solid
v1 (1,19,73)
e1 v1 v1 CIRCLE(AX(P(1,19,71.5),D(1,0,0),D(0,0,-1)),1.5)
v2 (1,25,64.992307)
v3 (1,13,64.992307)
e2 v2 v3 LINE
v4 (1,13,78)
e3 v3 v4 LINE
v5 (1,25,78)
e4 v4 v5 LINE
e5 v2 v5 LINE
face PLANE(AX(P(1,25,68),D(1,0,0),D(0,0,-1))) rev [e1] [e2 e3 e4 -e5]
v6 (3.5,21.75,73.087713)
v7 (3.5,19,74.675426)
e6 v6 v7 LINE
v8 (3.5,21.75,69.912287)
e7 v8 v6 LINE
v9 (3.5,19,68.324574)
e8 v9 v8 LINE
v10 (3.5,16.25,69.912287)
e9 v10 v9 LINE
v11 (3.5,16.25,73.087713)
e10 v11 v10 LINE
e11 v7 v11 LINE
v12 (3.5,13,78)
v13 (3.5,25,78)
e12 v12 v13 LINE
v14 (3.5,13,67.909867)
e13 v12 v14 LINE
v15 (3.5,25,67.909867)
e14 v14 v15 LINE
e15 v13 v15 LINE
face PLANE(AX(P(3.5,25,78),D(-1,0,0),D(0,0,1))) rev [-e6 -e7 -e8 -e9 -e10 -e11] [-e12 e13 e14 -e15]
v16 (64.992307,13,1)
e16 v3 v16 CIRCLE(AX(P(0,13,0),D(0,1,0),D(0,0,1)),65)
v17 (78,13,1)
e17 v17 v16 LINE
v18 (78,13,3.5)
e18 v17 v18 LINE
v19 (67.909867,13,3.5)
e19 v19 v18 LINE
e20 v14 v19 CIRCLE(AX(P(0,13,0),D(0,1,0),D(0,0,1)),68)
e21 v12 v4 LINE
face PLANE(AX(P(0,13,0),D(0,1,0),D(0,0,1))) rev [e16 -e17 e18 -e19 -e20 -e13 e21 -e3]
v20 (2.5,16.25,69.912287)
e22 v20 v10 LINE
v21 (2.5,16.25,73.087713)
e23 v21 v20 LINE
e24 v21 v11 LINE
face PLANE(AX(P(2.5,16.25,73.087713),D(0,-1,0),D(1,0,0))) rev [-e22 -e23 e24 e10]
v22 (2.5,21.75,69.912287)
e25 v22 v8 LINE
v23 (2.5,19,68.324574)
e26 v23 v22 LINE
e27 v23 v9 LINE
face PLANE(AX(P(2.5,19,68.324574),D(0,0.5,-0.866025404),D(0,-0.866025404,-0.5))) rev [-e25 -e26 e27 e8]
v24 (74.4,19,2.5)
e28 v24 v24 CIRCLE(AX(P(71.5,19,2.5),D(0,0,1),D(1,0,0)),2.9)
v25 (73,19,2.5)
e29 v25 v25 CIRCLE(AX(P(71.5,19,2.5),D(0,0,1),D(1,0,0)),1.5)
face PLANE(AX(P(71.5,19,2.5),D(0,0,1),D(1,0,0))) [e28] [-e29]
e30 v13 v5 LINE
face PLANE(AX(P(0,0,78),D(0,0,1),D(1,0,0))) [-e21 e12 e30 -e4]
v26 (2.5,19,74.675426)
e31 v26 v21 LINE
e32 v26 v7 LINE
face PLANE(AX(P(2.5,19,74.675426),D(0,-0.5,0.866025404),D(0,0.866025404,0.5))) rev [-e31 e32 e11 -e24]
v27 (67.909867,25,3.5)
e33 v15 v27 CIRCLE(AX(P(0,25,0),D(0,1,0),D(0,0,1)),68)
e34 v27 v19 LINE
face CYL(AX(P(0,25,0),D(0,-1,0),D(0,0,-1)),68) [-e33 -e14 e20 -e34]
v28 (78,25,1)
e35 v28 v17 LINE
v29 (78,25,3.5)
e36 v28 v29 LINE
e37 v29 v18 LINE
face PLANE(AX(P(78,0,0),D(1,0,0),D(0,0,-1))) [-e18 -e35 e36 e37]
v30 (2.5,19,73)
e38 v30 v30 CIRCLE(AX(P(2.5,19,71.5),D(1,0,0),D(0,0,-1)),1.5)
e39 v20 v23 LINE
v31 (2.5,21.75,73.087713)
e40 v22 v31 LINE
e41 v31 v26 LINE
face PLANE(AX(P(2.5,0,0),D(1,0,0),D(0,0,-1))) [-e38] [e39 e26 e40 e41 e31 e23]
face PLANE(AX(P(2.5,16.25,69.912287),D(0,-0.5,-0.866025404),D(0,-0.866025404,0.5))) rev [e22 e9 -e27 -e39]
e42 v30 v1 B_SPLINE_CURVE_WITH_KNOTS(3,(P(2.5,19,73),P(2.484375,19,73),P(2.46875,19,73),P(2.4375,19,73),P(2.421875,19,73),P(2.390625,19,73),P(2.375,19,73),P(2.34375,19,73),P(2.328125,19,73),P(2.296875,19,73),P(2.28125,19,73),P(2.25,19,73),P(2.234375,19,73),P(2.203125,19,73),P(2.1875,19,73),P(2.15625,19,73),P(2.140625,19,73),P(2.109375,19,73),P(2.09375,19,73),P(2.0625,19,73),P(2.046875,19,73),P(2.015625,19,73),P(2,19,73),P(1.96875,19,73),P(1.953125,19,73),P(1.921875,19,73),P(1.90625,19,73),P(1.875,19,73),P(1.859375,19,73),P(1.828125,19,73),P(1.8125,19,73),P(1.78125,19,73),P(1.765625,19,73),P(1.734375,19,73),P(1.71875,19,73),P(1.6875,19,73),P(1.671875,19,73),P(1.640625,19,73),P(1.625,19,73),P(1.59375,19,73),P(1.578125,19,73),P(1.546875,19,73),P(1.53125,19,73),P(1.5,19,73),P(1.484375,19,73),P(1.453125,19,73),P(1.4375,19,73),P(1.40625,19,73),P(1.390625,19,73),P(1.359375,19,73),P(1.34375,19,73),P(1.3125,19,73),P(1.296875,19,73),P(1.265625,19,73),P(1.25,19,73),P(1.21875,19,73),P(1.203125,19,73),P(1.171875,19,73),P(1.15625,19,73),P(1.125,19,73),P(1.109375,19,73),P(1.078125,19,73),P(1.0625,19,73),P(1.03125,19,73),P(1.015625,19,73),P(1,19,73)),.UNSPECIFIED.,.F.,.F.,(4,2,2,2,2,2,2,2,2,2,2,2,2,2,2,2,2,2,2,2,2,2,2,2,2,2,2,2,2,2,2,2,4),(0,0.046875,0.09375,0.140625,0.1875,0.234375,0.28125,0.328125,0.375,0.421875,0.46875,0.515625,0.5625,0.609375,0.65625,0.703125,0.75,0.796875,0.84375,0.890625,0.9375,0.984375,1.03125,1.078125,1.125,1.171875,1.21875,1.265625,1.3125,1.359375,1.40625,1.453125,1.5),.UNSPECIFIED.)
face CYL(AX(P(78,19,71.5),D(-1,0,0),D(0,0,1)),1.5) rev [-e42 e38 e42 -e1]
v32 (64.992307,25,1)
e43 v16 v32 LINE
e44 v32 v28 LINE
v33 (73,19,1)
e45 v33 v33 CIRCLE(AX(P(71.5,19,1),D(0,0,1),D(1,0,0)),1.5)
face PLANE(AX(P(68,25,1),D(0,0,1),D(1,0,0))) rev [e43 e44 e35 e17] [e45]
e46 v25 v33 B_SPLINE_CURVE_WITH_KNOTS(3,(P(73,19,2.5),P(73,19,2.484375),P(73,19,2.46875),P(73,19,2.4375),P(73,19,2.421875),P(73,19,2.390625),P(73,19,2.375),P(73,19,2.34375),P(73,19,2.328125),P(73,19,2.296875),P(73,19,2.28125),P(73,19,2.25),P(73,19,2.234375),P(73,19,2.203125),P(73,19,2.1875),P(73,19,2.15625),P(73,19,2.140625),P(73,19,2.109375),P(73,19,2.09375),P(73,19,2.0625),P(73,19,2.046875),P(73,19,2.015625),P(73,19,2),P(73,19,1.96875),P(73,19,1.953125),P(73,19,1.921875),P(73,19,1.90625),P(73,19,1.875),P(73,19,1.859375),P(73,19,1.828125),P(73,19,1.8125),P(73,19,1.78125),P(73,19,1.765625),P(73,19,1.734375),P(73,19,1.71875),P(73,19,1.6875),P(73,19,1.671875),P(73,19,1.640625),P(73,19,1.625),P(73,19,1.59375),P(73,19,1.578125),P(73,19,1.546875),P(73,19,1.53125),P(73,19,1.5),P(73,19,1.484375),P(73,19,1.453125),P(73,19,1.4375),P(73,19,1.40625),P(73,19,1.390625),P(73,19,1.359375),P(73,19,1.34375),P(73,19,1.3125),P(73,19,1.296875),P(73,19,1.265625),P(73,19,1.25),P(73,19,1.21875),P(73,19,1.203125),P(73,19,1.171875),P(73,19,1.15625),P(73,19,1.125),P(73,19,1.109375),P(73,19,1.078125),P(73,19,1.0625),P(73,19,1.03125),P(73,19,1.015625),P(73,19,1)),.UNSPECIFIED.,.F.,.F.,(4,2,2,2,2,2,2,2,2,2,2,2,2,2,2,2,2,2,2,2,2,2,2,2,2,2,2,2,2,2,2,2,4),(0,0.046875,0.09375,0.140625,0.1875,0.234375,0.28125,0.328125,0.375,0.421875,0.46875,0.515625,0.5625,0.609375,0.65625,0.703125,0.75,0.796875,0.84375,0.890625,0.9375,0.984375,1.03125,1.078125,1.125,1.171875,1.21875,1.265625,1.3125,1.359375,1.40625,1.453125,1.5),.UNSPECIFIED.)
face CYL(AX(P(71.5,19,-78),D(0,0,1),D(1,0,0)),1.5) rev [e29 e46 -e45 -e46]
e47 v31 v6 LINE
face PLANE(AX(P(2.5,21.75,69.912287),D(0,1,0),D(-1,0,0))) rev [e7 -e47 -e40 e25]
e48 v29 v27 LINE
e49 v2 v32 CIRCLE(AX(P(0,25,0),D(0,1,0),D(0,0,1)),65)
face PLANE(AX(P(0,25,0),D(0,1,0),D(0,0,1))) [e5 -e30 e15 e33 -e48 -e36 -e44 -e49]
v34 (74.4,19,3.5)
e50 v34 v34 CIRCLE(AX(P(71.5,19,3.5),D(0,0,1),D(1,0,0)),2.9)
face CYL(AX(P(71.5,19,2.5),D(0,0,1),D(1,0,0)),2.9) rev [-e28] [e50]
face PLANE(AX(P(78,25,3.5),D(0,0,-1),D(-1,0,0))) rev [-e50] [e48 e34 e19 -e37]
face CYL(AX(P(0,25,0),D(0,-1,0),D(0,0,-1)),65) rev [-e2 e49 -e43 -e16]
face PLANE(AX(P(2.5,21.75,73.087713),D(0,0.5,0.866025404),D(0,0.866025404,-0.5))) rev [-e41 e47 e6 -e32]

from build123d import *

# Parameters (mm, degrees)
SKETCH1_R                   = 68
SKETCH1_R_2                 = 65
BOSS_EXTRUDE1_DEPTH         = 25
BOSS_EXTRUDE2_START         = -0.090133
SKETCH2_W                   = 7
SKETCH2_H                   = 50
BOSS_EXTRUDE2_DEPTH         = 10.090133
SKETCH3_W                   = 2
SKETCH3_H                   = 50
CUT_EXTRUDE1_DEPTH          = 10
CIRPATTERN2_COUNT           = 4
SKETCH7_R                   = 2.9
CUT_EXTRUDE4_DEPTH          = 1
CUT_EXTRUDE5_DEPTH          = 1
SKETCH9_R                   = 1.5
CUT_EXTRUDE6_DEPTH          = 115.844460032
CIRPATTERN3_COUNT           = 4
CIRPATTERN3_COPY_1_SKETCH_R = 2.9
CIRPATTERN3_COPY_1_DEPTH    = 1
CIRPATTERN3_COPY_2_SKETCH_R = 2.9
CIRPATTERN3_COPY_2_DEPTH    = 1
CIRPATTERN3_COPY_3_SKETCH_R = 2.9
CIRPATTERN3_COPY_3_DEPTH    = 1
CIRPATTERN3_COPY_4_DEPTH    = 1
CIRPATTERN3_COPY_5_DEPTH    = 1
CIRPATTERN3_COPY_6_DEPTH    = 1
CIRPATTERN3_COPY_7_SKETCH_R = 1.5
CIRPATTERN3_COPY_7_DEPTH    = 115.844460032
CIRPATTERN3_COPY_8_SKETCH_R = 1.5
CIRPATTERN3_COPY_8_DEPTH    = 115.844460032
CIRPATTERN3_COPY_9_SKETCH_R = 1.5
CIRPATTERN3_COPY_9_DEPTH    = 115.844460032
SKETCH10_W                  = 172.322225858
SKETCH10_H                  = 181.395343574
CUT_EXTRUDE7_DEPTH          = 13
CUT_EXTRUDE7_DEPTH_BACK     = 114.106144837
SKETCH4_W                   = 204.796424039
SKETCH4_H                   = 80.613482063
CUT_EXTRUDE2_DEPTH          = 114.106144837
SKETCH5_W                   = 133.005640426
SKETCH5_H                   = 101.362408315
CUT_EXTRUDE3_DEPTH          = 114.106144837
SKETCH11_W                  = 1
SKETCH11_H                  = 12
CUT_EXTRUDE8_DEPTH          = 107.456563912
CUT_EXTRUDE8_DEPTH_BACK     = 107.456563912
SKETCH12_W                  = 1
SKETCH12_H                  = 12
CUT_EXTRUDE9_DEPTH          = 10


with BuildPart() as part:
    # Sketch1 → Boss-Extrude1 (new, symmetric)
    with BuildSketch(Plane(origin=(0, 0, 0), x_dir=(1, 0, 0), z_dir=(0, 1, 0))):
        with Locations(Location((0, 0, 0), (0, 0, 270))):
            Circle(SKETCH1_R)
        with Locations(Location((0, 0, 0), (0, 0, 270))):
            Circle(SKETCH1_R_2, mode=Mode.SUBTRACT)
    extrude(amount=BOSS_EXTRUDE1_DEPTH, both=True)

    # Sketch2 → Boss-Extrude2 (add)
    with BuildSketch(Plane(origin=(68, 0, 0), x_dir=(0, 0, -1), z_dir=(1, 0, 0)).offset(BOSS_EXTRUDE2_START)):
        Rectangle(SKETCH2_W, SKETCH2_H)
    boss_extrude2 = extrude(amount=BOSS_EXTRUDE2_DEPTH)

    # Sketch3 → Cut-Extrude1 (cut)
    with BuildSketch(Plane(origin=(78, 0, 0), x_dir=(0, 0, -1), z_dir=(1, 0, 0))):
        Rectangle(SKETCH3_W, SKETCH3_H)
    cut_extrude1 = extrude(amount=-CUT_EXTRUDE1_DEPTH, mode=Mode.SUBTRACT)

    # CirPattern2: Boss-Extrude2, Cut-Extrude1 ×4 about axis
    cirpattern2_axis = Axis((0, 0, 0), (0, 1, 0))
    add([boss_extrude2.rotate(cirpattern2_axis, i * 360 / CIRPATTERN2_COUNT) for i in range(1, CIRPATTERN2_COUNT)])
    add([cut_extrude1.rotate(cirpattern2_axis, i * 360 / CIRPATTERN2_COUNT) for i in range(1, CIRPATTERN2_COUNT)], mode=Mode.SUBTRACT)

    # Sketch7 → Cut-Extrude4 (cut)
    with BuildSketch(Plane.XY.offset(3.5)):
        with Locations((71.5, 19)):
            Circle(SKETCH7_R)
    cut_extrude4 = extrude(amount=-CUT_EXTRUDE4_DEPTH, mode=Mode.SUBTRACT)

    # Sketch8 → Cut-Extrude5 (cut)
    with BuildSketch(Plane(origin=(0, 0, -3.5), x_dir=(-1, 0, 0), z_dir=(0, 0, -1))):
        Polygon((-69.91228676, 16.25), (-68.324573519, 19), (-69.91228676, 21.75), (-73.08771324, 21.75), (-74.675426481, 19), (-73.08771324, 16.25), align=None)
    cut_extrude5 = extrude(amount=-CUT_EXTRUDE5_DEPTH, mode=Mode.SUBTRACT)

    # Sketch9 → Cut-Extrude6 (cut, through all)
    with BuildSketch(Plane.XY.offset(2.5)):
        with Locations((71.5, 19)):
            Circle(SKETCH9_R)
    cut_extrude6 = extrude(amount=-CUT_EXTRUDE6_DEPTH, mode=Mode.SUBTRACT)

    # Mirror1: Cut-Extrude4, Cut-Extrude5, Cut-Extrude6 across plane
    add(cut_extrude4.mirror(Plane.ZX), mode=Mode.SUBTRACT)
    add(cut_extrude5.mirror(Plane.ZX), mode=Mode.SUBTRACT)
    add(cut_extrude6.mirror(Plane.ZX), mode=Mode.SUBTRACT)

    # CirPattern3: Cut-Extrude4, Cut-Extrude5, Cut-Extrude6 ×4 about axis
    cirpattern3_axis = Axis((0, 0, 0), (0, 1, 0))
    add([cut_extrude4.rotate(cirpattern3_axis, i * 360 / CIRPATTERN3_COUNT) for i in range(1, CIRPATTERN3_COUNT)], mode=Mode.SUBTRACT)
    add([cut_extrude5.rotate(cirpattern3_axis, i * 360 / CIRPATTERN3_COUNT) for i in range(1, CIRPATTERN3_COUNT)], mode=Mode.SUBTRACT)
    add([cut_extrude6.rotate(cirpattern3_axis, i * 360 / CIRPATTERN3_COUNT) for i in range(1, CIRPATTERN3_COUNT)], mode=Mode.SUBTRACT)

    # CirPattern3 copy 1 sketch → CirPattern3 copy 1 (cut)
    with BuildSketch(Plane(origin=(3.5, 0, 0), x_dir=(0, 0, -1), z_dir=(1, 0, 0))):
        with Locations((71.5, -19)):
            Circle(CIRPATTERN3_COPY_1_SKETCH_R)
    extrude(amount=-CIRPATTERN3_COPY_1_DEPTH, mode=Mode.SUBTRACT)

    # CirPattern3 copy 2 sketch → CirPattern3 copy 2 (cut)
    with BuildSketch(Plane(origin=(0, 0, -3.5), x_dir=(-1, 0, 0), z_dir=(0, 0, -1))):
        with Locations((71.5, -19)):
            Circle(CIRPATTERN3_COPY_2_SKETCH_R)
    extrude(amount=-CIRPATTERN3_COPY_2_DEPTH, mode=Mode.SUBTRACT)

    # CirPattern3 copy 3 sketch → CirPattern3 copy 3 (cut)
    with BuildSketch(Plane.ZY.offset(3.5)):
        with Locations((71.5, -19)):
            Circle(CIRPATTERN3_COPY_3_SKETCH_R)
    extrude(amount=-CIRPATTERN3_COPY_3_DEPTH, mode=Mode.SUBTRACT)

    # CirPattern3 copy 4 sketch → CirPattern3 copy 4 (cut)
    with BuildSketch(Plane.ZY.offset(3.5)):
        Polygon((-69.91228676, -16.25), (-68.324573519, -19), (-69.91228676, -21.75), (-73.08771324, -21.75), (-74.675426481, -19), (-73.08771324, -16.25), align=None)
    extrude(amount=-CIRPATTERN3_COPY_4_DEPTH, mode=Mode.SUBTRACT)

    # CirPattern3 copy 5 sketch → CirPattern3 copy 5 (cut)
    with BuildSketch(Plane.XY.offset(3.5)):
        Polygon((-69.91228676, -16.25), (-68.324573519, -19), (-69.91228676, -21.75), (-73.08771324, -21.75), (-74.675426481, -19), (-73.08771324, -16.25), align=None)
    extrude(amount=-CIRPATTERN3_COPY_5_DEPTH, mode=Mode.SUBTRACT)

    # CirPattern3 copy 6 sketch → CirPattern3 copy 6 (cut)
    with BuildSketch(Plane(origin=(3.5, 0, 0), x_dir=(0, 0, -1), z_dir=(1, 0, 0))):
        Polygon((-69.91228676, -16.25), (-68.324573519, -19), (-69.91228676, -21.75), (-73.08771324, -21.75), (-74.675426481, -19), (-73.08771324, -16.25), align=None)
    extrude(amount=-CIRPATTERN3_COPY_6_DEPTH, mode=Mode.SUBTRACT)

    # CirPattern3 copy 7 sketch → CirPattern3 copy 7 (cut, through all)
    with BuildSketch(Plane(origin=(2.5, 0, 0), x_dir=(0, 0, -1), z_dir=(1, 0, 0))):
        with Locations((71.5, -19)):
            Circle(CIRPATTERN3_COPY_7_SKETCH_R)
    extrude(amount=-CIRPATTERN3_COPY_7_DEPTH, mode=Mode.SUBTRACT)

    # CirPattern3 copy 8 sketch → CirPattern3 copy 8 (cut, through all)
    with BuildSketch(Plane(origin=(0, 0, -2.5), x_dir=(-1, 0, 0), z_dir=(0, 0, -1))):
        with Locations((71.5, -19)):
            Circle(CIRPATTERN3_COPY_8_SKETCH_R)
    extrude(amount=-CIRPATTERN3_COPY_8_DEPTH, mode=Mode.SUBTRACT)

    # CirPattern3 copy 9 sketch → CirPattern3 copy 9 (cut, through all)
    with BuildSketch(Plane.ZY.offset(2.5)):
        with Locations((71.5, -19)):
            Circle(CIRPATTERN3_COPY_9_SKETCH_R)
    extrude(amount=-CIRPATTERN3_COPY_9_DEPTH, mode=Mode.SUBTRACT)

    # Sketch10 → Cut-Extrude7 (cut, two sides)
    with BuildSketch(Plane(origin=(0, 0, 0), x_dir=(1, 0, 0), z_dir=(0, 1, 0))) as cut_extrude7_sk:
        with Locations((0.161152427, 1.352018999)):
            Rectangle(SKETCH10_W, SKETCH10_H)
    extrude(amount=CUT_EXTRUDE7_DEPTH, mode=Mode.SUBTRACT)
    extrude(cut_extrude7_sk.sketch, amount=-CUT_EXTRUDE7_DEPTH_BACK, mode=Mode.SUBTRACT)

    # Sketch4 → Cut-Extrude2 (cut, through all)
    with BuildSketch(Plane.XY):
        with Locations((-0.265516435, -0.614198292)):
            Rectangle(SKETCH4_W, SKETCH4_H)
    extrude(amount=-CUT_EXTRUDE2_DEPTH, mode=Mode.SUBTRACT)

    # Sketch5 → Cut-Extrude3 (cut, through all)
    with BuildSketch(Plane(origin=(0, 0, 0), x_dir=(0, 0, -1), z_dir=(1, 0, 0))):
        with Locations((-14.085466414, 0.839605882)):
            Rectangle(SKETCH5_W, SKETCH5_H)
    extrude(amount=-CUT_EXTRUDE3_DEPTH, mode=Mode.SUBTRACT)

    # Sketch11 → Cut-Extrude8 (cut, two sides)
    with BuildSketch(Plane(origin=(68, 0, 0), x_dir=(0, 0, -1), z_dir=(1, 0, 0))) as cut_extrude8_sk:
        with Locations((-0.5, 19)):
            Rectangle(SKETCH11_W, SKETCH11_H)
    extrude(amount=CUT_EXTRUDE8_DEPTH, mode=Mode.SUBTRACT)
    extrude(cut_extrude8_sk.sketch, amount=-CUT_EXTRUDE8_DEPTH_BACK, mode=Mode.SUBTRACT)

    # Sketch12 → Cut-Extrude9 (cut)
    with BuildSketch(Plane.XY.offset(68)):
        with Locations((0.5, 19)):
            Rectangle(SKETCH12_W, SKETCH12_H)
    extrude(amount=-CUT_EXTRUDE9_DEPTH, mode=Mode.SUBTRACT)


solid = part.part
